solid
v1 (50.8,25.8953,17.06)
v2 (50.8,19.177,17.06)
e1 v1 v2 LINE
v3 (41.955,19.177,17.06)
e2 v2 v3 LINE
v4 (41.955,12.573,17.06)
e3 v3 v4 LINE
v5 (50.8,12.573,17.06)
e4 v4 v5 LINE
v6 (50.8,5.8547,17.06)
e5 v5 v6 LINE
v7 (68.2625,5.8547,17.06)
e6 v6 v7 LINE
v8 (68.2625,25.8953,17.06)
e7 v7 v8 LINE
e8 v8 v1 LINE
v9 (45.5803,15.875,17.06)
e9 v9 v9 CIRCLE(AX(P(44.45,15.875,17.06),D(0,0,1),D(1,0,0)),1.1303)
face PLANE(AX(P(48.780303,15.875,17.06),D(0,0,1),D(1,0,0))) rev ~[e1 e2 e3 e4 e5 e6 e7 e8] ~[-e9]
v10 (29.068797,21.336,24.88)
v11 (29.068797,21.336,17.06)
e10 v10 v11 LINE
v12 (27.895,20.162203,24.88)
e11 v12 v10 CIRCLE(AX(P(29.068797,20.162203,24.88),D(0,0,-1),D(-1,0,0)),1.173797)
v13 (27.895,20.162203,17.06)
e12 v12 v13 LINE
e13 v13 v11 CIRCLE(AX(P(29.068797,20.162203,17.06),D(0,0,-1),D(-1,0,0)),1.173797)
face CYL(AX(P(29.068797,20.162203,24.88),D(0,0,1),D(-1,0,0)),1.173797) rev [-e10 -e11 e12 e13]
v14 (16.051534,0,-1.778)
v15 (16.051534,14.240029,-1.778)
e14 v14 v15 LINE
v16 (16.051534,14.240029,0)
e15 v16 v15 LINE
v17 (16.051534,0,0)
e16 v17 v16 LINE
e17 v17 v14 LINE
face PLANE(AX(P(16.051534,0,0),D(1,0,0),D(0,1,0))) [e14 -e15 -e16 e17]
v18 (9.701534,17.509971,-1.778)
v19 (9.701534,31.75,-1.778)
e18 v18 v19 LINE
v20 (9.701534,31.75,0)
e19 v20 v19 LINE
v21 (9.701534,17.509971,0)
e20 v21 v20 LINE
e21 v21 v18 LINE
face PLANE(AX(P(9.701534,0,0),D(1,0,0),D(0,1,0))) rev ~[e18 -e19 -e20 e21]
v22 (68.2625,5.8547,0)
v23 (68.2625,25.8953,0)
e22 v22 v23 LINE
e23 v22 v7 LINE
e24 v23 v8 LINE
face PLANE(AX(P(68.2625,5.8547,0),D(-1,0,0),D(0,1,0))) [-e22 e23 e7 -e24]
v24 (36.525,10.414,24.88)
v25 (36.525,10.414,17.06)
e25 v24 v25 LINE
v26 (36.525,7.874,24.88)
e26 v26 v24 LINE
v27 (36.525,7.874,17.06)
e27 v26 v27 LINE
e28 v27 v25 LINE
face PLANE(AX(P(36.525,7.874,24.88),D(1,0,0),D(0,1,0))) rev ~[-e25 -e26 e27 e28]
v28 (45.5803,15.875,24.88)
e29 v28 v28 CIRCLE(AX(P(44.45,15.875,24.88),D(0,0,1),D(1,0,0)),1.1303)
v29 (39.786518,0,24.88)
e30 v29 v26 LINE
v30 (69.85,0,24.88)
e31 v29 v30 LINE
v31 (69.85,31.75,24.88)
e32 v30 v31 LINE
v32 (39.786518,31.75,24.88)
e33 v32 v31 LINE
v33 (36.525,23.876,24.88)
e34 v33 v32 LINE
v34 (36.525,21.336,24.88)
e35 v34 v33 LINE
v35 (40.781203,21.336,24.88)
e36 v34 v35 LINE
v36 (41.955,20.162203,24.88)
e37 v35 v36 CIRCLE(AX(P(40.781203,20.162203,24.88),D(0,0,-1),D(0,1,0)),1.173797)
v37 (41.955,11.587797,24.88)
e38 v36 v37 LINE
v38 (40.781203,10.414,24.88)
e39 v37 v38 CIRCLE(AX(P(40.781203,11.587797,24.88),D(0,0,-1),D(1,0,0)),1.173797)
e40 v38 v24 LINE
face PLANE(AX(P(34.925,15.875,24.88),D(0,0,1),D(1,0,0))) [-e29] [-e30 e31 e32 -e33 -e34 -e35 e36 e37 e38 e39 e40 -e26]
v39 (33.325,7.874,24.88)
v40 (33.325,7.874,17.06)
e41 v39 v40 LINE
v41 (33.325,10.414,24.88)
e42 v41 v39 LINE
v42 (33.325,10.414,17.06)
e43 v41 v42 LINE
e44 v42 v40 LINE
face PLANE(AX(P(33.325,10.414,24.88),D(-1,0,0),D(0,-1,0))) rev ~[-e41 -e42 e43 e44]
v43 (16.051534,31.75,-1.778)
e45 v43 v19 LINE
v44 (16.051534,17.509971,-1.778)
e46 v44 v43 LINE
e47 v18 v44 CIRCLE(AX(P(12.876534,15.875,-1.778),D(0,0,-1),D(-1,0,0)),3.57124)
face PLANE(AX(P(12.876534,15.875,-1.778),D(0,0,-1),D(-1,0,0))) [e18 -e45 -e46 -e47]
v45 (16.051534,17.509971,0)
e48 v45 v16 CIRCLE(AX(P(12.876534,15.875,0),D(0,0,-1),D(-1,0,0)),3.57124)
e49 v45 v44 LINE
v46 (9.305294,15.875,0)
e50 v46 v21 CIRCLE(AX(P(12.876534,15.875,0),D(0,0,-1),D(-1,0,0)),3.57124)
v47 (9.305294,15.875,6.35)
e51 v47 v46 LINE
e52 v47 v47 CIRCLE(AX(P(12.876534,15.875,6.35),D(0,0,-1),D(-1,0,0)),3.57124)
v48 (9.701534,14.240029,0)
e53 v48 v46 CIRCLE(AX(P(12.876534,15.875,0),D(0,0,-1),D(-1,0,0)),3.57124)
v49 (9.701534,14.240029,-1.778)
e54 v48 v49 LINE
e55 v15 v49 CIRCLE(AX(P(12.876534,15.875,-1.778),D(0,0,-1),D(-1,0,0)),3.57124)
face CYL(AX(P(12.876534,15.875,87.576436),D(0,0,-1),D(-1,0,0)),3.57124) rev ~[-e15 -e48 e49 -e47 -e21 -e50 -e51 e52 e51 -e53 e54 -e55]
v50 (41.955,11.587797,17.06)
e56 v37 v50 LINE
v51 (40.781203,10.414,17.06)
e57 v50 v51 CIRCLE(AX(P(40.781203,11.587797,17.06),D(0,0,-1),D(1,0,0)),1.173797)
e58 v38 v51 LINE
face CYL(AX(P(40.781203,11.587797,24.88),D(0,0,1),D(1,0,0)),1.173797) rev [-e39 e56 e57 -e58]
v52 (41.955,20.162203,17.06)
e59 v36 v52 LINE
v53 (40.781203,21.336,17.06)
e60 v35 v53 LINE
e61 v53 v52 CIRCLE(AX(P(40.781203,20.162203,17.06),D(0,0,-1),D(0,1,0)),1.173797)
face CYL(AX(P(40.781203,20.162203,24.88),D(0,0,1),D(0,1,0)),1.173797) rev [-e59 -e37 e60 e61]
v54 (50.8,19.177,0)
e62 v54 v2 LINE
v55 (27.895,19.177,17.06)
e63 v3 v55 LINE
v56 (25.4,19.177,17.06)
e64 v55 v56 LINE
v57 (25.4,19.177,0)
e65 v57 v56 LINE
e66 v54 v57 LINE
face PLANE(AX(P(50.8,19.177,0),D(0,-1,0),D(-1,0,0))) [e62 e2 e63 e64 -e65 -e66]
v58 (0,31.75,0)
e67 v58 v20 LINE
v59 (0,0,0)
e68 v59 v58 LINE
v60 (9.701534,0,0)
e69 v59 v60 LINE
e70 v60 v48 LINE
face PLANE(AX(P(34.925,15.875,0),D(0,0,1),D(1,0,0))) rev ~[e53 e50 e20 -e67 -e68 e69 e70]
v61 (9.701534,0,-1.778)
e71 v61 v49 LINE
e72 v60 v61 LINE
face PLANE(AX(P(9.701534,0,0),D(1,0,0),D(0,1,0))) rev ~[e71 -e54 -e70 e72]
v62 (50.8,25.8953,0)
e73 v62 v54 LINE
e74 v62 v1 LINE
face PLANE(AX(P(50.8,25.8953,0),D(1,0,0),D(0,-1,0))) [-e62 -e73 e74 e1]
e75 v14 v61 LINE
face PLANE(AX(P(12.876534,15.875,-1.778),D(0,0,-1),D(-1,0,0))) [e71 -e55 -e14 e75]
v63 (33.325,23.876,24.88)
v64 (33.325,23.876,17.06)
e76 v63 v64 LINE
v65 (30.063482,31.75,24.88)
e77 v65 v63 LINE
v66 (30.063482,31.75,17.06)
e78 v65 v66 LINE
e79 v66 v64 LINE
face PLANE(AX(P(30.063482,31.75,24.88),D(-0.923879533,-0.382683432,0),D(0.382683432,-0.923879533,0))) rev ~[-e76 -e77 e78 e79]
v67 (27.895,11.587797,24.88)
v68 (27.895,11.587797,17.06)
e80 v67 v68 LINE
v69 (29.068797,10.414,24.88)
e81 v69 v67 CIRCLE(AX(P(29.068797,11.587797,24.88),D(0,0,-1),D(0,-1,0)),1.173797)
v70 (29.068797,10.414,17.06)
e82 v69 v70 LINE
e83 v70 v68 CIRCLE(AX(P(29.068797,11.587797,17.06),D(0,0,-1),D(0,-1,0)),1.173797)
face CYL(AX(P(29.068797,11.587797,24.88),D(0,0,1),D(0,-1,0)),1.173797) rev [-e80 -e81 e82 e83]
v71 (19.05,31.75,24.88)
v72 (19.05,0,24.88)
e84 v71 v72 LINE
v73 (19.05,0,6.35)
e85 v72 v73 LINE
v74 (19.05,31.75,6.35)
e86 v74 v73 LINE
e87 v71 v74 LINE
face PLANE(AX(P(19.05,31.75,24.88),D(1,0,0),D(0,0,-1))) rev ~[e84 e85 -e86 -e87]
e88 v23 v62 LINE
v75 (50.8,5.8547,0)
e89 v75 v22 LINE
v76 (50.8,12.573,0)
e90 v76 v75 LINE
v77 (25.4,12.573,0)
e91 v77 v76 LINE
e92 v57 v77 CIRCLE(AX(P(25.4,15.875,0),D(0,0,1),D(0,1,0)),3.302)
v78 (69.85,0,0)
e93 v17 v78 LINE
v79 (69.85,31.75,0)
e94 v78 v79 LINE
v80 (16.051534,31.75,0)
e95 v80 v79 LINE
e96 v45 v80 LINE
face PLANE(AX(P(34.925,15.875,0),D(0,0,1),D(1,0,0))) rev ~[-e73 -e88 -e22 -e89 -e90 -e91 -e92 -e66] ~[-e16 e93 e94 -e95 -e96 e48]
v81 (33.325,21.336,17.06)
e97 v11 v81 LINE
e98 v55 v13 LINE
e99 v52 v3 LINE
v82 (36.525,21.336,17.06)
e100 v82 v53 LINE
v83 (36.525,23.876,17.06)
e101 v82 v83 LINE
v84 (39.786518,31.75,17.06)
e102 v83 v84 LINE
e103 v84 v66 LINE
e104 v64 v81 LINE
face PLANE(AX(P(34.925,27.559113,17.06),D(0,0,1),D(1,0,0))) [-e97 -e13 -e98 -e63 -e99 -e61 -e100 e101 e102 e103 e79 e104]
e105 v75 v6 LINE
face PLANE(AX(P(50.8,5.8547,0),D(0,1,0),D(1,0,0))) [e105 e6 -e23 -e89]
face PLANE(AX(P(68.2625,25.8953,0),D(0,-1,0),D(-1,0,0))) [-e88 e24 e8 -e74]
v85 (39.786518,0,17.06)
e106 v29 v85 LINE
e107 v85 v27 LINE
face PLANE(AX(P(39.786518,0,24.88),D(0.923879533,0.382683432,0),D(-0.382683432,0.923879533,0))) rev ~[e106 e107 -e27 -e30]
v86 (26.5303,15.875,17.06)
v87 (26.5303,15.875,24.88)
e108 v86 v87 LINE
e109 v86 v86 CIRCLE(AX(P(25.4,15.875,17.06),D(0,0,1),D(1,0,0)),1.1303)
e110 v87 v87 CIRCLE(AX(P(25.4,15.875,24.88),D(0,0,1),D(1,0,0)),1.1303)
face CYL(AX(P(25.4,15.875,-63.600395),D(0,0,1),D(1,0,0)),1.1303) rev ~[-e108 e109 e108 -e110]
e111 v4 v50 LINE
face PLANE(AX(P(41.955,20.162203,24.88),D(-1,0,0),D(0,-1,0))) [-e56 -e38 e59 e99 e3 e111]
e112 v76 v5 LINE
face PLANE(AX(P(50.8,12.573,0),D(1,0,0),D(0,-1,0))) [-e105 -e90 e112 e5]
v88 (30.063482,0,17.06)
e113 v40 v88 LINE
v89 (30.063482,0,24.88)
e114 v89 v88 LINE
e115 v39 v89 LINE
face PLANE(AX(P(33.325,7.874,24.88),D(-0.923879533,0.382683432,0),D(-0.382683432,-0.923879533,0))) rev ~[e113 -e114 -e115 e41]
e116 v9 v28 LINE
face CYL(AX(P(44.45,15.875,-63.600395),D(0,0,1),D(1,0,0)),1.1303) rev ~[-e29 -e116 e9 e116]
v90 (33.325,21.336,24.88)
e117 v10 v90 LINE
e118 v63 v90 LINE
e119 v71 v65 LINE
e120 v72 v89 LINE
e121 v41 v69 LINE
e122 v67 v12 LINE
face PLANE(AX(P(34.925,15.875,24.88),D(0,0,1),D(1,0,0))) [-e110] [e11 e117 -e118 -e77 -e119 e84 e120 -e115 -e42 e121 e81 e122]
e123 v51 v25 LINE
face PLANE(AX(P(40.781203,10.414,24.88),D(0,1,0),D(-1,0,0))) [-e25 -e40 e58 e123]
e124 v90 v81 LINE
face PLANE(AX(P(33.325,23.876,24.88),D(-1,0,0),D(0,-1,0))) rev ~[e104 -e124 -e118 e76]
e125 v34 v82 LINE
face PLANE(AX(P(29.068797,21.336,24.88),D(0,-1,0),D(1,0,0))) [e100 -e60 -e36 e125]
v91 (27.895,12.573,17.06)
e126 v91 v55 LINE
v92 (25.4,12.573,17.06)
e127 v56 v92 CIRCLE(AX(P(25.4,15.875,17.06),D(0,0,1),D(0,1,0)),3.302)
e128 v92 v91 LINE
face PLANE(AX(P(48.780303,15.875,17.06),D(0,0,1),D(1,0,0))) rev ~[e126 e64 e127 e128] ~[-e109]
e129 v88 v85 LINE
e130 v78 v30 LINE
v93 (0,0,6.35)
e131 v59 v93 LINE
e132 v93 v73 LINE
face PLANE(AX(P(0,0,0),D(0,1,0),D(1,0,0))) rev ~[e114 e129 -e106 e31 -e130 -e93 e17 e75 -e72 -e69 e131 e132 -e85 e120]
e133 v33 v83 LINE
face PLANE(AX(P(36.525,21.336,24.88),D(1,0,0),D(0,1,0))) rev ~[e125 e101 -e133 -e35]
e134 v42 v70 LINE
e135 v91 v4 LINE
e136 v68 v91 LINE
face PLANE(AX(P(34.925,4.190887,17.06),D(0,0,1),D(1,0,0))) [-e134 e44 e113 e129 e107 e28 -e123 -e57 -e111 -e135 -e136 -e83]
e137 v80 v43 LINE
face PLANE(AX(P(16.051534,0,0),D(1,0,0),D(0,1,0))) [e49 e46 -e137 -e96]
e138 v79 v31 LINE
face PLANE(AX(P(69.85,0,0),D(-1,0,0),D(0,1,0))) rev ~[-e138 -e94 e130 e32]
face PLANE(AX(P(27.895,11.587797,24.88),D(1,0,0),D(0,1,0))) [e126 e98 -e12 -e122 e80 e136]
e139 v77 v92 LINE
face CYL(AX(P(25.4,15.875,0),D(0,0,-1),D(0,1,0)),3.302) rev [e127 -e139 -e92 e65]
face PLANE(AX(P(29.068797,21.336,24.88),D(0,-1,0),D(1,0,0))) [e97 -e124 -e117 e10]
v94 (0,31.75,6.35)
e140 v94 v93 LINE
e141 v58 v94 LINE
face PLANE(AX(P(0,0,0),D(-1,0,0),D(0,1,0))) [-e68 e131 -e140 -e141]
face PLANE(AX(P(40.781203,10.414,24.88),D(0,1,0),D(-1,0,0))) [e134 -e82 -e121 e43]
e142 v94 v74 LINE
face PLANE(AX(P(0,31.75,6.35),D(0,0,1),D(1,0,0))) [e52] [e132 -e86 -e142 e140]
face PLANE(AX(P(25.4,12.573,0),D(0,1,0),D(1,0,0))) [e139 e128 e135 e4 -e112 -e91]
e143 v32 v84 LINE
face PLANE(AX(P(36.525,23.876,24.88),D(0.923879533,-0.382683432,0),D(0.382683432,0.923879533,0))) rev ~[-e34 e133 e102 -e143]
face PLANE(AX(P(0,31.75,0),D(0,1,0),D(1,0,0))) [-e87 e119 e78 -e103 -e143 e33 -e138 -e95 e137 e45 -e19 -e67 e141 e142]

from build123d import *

# Parameters (mm, degrees)
SKETCH1_W               = 69.85
SKETCH1_H               = 31.75
BOSS_EXTRUDE1_DEPTH     = 24.88
CUT_EXTRUDE1_DEPTH      = 17.06
CUT_EXTRUDE2_DEPTH      = 7.82
CUT_EXTRUDE3_DEPTH      = 7.82
F_4_40_TAPPED_HOLE1_D   = 2.2606
SKETCH7_W               = 6.35
SKETCH7_H               = 31.75
BOSS_EXTRUDE2_DEPTH     = 1.778
SKETCH8_W               = 19.05
SKETCH8_H               = 18.53
CUT_EXTRUDE4_DEPTH      = 81.660395486
F_1_4_CLEARANCE_HOLE1_D = 7.14248


with BuildPart() as part:
    # Sketch1 → Boss-Extrude1 (new body)
    with BuildSketch(Plane.XY):
        with Locations((34.925, 15.875)):
            Rectangle(SKETCH1_W, SKETCH1_H)
    extrude(amount=BOSS_EXTRUDE1_DEPTH)

    # Sketch2 → Cut-Extrude1 (cut)
    with BuildSketch(Plane(origin=(0, 0, 0), x_dir=(-1, 0, 0), z_dir=(0, 0, -1))):
        with BuildLine():
            Line((-68.2625, 25.8953), (-50.8, 25.8953))
            Line((-50.8, 25.8953), (-50.8, 19.177))
            Line((-50.8, 19.177), (-25.4, 19.177))
            ThreePointArc((-25.4, 19.177), (-22.098, 15.875), (-25.4, 12.573))
            Line((-25.4, 12.573), (-50.8, 12.573))
            Line((-50.8, 12.573), (-50.8, 5.8547))
            Line((-50.8, 5.8547), (-68.2625, 5.8547))
            Line((-68.2625, 5.8547), (-68.2625, 25.8953))
        make_face()
    extrude(amount=-CUT_EXTRUDE1_DEPTH, mode=Mode.SUBTRACT)

    # Sketch3 → Cut-Extrude2 (cut)
    with BuildSketch(Plane.XY.offset(24.88)):
        with BuildLine():
            Line((29.068797257, 21.336), (40.781202743, 21.336))
            ThreePointArc((40.781202743, 21.336), (41.611202743, 20.992202743), (41.955, 20.162202743))
            Line((41.955, 20.162202743), (41.955, 11.587797257))
            ThreePointArc((41.955, 11.587797257), (41.611202743, 10.757797257), (40.781202743, 10.414))
            Line((40.781202743, 10.414), (29.068797257, 10.414))
            ThreePointArc((29.068797257, 10.414), (28.238797257, 10.757797257), (27.895, 11.587797257))
            Line((27.895, 11.587797257), (27.895, 20.162202743))
            ThreePointArc((27.895, 20.162202743), (28.238797257, 20.992202743), (29.068797257, 21.336))
        make_face()
    extrude(amount=-CUT_EXTRUDE2_DEPTH, mode=Mode.SUBTRACT)

    # Sketch4 → Cut-Extrude3 (cut)
    with BuildSketch(Plane.XY.offset(24.88)):
        Polygon((30.06348241, 31.75), (33.325, 23.876), (33.325, 21.336), (36.525, 21.336), (36.525, 23.876), (39.78651759, 31.75), align=None)
        Polygon((33.325, 10.414), (33.325, 7.874), (30.06348241, 0), (39.78651759, 0), (36.525, 7.874), (36.525, 10.414), align=None)
    extrude(amount=-CUT_EXTRUDE3_DEPTH, mode=Mode.SUBTRACT)

    # #4-40 Tapped Hole1 (through all)
    with Locations(Plane(origin=(0, 0, 17.06), x_dir=(-1, 0, 0), z_dir=(0, 0, -1))):
        with Locations((-44.45, 15.875), (-25.4, 15.875)):
            Hole(F_4_40_TAPPED_HOLE1_D / 2)

    # Sketch7 → Boss-Extrude2 (add)
    with BuildSketch(Plane(origin=(0, 0, 0), x_dir=(-1, 0, 0), z_dir=(0, 0, -1))):
        with Locations((-12.876533699, 15.875)):
            Rectangle(SKETCH7_W, SKETCH7_H)
    extrude(amount=BOSS_EXTRUDE2_DEPTH)

    # Sketch8 → Cut-Extrude4 (cut, through all)
    with BuildSketch(Plane(origin=(0, 31.75, 0), x_dir=(1, 0, 0), z_dir=(0, 1, 0))):
        with Locations((9.525, -15.615)):
            Rectangle(SKETCH8_W, SKETCH8_H)
    extrude(amount=-CUT_EXTRUDE4_DEPTH, mode=Mode.SUBTRACT)

    # 1/4 Clearance Hole1 (through all)
    with Locations(Plane.XY.offset(6.35)):
        with Locations((12.876533699, 15.875)):
            Hole(F_1_4_CLEARANCE_HOLE1_D / 2)


solid = part.part
